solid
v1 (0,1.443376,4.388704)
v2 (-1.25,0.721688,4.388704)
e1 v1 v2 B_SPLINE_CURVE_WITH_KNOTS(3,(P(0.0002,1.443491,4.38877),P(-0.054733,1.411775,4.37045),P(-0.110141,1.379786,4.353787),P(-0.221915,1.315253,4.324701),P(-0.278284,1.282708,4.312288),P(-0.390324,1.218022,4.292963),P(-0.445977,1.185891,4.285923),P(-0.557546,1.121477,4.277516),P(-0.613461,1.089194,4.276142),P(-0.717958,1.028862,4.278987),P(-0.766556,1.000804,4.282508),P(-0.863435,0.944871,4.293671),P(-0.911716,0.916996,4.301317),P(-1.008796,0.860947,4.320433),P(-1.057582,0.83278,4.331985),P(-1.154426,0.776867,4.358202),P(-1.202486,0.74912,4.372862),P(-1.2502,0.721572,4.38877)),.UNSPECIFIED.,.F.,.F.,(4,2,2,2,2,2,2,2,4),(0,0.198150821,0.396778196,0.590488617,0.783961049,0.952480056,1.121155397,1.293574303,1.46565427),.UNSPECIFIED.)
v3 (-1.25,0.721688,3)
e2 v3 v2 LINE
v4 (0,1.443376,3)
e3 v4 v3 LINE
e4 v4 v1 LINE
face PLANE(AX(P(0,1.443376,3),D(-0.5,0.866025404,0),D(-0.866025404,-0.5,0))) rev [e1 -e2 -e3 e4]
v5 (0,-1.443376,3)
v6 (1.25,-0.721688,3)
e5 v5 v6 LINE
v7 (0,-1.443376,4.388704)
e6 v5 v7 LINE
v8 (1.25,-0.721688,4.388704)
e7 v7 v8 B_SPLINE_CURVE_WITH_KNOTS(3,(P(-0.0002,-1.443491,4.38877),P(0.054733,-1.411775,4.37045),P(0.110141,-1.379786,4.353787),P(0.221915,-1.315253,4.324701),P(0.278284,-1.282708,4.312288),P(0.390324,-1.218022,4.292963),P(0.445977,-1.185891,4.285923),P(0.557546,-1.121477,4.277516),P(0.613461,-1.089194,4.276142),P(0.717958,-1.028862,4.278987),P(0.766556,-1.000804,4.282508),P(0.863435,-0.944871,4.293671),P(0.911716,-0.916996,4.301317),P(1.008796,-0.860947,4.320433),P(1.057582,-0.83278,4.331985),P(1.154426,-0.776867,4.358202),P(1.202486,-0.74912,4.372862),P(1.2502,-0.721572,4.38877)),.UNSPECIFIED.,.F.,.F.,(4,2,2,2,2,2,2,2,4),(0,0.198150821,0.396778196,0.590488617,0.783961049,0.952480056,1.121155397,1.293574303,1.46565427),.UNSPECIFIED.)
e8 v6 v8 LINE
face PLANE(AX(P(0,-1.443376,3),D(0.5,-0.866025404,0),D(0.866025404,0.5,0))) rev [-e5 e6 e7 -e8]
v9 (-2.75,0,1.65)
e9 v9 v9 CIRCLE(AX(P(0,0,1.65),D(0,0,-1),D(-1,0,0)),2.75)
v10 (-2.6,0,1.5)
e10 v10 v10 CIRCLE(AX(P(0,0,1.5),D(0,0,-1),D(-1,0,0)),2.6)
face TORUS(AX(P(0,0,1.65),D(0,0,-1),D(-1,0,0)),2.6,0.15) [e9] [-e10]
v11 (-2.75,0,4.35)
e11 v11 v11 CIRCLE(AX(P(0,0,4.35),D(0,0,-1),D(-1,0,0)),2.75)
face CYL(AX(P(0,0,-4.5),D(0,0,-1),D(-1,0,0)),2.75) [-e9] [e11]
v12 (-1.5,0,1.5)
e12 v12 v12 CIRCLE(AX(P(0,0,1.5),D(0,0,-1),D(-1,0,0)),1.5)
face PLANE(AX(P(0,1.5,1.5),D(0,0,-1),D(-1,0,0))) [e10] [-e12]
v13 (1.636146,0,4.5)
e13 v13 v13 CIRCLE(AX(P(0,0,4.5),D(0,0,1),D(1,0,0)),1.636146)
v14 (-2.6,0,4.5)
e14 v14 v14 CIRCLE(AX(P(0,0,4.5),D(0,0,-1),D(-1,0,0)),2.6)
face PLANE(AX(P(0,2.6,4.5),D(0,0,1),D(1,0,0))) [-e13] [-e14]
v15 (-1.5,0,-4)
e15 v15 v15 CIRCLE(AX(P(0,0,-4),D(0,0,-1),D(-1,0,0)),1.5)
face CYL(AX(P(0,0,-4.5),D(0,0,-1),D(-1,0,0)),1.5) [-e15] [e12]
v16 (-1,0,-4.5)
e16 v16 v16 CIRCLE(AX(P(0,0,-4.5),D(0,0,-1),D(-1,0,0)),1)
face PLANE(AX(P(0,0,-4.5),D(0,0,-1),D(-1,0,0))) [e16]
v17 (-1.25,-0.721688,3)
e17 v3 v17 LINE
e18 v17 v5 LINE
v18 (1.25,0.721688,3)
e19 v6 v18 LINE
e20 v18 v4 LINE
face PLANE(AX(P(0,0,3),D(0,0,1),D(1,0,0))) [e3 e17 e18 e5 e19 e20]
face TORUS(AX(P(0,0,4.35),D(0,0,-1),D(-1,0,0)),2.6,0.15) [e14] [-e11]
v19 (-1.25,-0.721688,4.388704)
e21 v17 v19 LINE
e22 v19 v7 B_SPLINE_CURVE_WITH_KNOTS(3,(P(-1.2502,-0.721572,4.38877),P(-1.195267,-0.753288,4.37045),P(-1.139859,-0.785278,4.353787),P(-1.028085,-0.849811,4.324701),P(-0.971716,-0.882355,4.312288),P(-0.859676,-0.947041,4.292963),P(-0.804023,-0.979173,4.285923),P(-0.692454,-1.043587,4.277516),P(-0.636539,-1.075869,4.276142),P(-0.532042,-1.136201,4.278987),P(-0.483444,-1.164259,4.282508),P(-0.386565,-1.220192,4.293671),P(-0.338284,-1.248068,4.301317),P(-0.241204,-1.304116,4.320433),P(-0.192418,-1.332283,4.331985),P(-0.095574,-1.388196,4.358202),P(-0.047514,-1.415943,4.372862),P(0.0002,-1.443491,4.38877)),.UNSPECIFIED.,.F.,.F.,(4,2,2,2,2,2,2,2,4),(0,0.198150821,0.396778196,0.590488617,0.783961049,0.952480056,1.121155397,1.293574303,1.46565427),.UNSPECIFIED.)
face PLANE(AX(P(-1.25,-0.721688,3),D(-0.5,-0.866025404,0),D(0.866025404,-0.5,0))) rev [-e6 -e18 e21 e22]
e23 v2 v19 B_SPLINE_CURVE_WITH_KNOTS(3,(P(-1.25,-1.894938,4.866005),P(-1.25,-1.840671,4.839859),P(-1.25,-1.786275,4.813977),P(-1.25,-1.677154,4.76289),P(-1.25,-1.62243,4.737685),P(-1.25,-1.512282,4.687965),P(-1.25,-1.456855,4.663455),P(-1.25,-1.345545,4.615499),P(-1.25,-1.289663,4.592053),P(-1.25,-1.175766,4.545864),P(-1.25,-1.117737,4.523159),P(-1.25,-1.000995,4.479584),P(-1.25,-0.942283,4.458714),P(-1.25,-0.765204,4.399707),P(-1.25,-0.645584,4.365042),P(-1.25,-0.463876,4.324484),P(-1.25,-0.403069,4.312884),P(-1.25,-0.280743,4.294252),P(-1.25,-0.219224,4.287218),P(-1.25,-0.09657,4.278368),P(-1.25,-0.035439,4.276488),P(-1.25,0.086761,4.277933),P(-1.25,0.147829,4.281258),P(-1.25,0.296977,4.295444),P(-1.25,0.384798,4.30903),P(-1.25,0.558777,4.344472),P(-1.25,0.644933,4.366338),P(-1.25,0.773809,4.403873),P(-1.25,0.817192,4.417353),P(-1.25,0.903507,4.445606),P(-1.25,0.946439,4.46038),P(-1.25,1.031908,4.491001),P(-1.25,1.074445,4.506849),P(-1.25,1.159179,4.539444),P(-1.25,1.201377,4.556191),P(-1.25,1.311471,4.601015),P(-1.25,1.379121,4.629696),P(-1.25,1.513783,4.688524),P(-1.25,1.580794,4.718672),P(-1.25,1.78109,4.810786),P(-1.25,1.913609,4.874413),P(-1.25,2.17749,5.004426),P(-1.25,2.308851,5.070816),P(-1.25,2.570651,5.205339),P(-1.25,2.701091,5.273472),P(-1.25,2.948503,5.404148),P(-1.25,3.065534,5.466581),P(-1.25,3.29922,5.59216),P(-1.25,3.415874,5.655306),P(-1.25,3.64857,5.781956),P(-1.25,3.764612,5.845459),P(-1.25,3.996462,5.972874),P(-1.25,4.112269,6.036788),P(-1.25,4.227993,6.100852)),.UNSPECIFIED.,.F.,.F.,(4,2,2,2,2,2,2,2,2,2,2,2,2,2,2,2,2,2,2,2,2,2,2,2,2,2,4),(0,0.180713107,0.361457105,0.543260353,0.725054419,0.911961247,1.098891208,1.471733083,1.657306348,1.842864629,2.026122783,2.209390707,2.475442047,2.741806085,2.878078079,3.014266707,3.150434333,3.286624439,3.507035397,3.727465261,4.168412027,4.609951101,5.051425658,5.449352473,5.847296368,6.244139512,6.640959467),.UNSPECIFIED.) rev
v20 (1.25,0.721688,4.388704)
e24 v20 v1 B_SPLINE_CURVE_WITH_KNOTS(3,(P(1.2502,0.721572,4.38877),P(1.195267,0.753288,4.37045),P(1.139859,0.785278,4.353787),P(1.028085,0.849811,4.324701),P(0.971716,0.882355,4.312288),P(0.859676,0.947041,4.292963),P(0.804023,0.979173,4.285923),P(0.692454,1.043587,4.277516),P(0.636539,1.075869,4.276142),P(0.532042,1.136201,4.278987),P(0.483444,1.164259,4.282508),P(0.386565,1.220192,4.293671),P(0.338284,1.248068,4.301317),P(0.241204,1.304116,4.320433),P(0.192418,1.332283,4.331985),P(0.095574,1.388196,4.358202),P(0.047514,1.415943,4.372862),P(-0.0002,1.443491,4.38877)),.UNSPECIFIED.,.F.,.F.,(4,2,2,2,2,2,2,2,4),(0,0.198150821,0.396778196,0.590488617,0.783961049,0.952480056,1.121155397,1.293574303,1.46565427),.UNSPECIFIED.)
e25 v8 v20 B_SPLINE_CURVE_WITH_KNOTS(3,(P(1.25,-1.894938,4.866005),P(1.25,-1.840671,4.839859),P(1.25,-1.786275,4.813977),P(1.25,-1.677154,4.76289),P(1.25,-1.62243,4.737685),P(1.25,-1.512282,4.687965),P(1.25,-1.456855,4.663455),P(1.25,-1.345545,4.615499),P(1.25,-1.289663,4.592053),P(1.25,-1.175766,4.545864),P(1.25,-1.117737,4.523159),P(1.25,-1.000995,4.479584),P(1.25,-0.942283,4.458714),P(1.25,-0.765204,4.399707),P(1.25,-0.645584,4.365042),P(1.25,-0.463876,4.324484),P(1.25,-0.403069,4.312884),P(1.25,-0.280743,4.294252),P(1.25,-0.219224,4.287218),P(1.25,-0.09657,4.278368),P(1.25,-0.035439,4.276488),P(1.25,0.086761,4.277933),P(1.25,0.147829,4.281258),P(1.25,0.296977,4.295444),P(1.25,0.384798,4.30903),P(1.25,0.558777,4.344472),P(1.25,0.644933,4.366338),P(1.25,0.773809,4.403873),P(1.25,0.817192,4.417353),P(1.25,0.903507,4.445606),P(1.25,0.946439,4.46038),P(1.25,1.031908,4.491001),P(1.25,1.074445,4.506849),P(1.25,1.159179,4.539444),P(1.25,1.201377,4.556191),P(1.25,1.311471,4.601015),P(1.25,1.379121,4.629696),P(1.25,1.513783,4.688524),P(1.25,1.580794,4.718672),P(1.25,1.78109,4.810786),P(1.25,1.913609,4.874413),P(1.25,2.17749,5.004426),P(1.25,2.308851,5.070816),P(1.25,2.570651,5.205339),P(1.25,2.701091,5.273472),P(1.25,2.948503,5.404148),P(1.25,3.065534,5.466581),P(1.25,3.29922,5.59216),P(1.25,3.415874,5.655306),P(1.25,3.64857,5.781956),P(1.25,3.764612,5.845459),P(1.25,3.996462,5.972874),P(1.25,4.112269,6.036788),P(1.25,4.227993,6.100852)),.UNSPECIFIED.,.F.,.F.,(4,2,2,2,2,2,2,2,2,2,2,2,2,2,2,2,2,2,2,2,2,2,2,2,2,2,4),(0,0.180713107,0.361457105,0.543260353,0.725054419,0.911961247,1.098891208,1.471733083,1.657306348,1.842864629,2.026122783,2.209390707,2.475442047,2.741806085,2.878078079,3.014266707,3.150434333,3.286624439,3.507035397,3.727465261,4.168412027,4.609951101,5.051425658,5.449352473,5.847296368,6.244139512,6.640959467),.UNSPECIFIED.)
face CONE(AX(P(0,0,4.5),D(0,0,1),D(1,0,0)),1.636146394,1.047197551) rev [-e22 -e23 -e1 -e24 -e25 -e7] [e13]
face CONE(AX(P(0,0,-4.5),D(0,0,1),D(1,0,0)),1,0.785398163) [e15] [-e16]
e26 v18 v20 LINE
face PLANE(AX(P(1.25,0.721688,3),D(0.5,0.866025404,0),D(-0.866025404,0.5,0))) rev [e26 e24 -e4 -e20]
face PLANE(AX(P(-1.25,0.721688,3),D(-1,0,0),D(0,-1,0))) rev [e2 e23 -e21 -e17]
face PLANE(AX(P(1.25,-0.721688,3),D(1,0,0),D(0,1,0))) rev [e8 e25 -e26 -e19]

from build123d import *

# Parameters (mm, degrees)
CUT_EXTRUDE1_START = 4.5
CUT_EXTRUDE1_DEPTH = 1.5


with BuildPart() as part:
    # Sketch2 → Revolve1 (revolve)
    with BuildSketch(Plane(origin=(0, 0, 0), x_dir=(0, 0, -1), z_dir=(1, 0, 0)), mode=Mode.PRIVATE) as revolve1_sk:
        with BuildLine():
            Line((4.5, 0), (4.5, 1))
            Line((4.5, 1), (4, 1.5))
            Line((4, 1.5), (-1.5, 1.5))
            Line((-1.5, 1.5), (-1.5, 2.6))
            ThreePointArc((-1.5, 2.6), (-1.543933983, 2.706066017), (-1.65, 2.75))
            Line((-1.65, 2.75), (-4.35, 2.75))
            ThreePointArc((-4.35, 2.75), (-4.456066017, 2.706066017), (-4.5, 2.6))
            Line((-4.5, 2.6), (-4.5, 0))
            Line((-4.5, 0), (4.5, 0))
        make_face()
    revolve(revolve1_sk.sketch.rotate(Axis((0, 0, -4.5), (0, 0, 1)), 90), axis=Axis((0, 0, -4.5), (0, 0, 1)))

    # Sketch3 → Cut-Extrude1 (cut)
    with BuildSketch(Plane.XY.offset(CUT_EXTRUDE1_START)):
        Polygon((-1.25, 0.721687836), (-1.25, -0.721687836), (0, -1.443375673), (1.25, -0.721687836), (1.25, 0.721687836), (0, 1.443375673), align=None)
    extrude(amount=-CUT_EXTRUDE1_DEPTH, mode=Mode.SUBTRACT)

    # Cut-Extrude2 cone 1 section (through the dimple's axis) → Cut-Extrude2 (revolve, cut)
    with BuildSketch(Plane(origin=(0, 0, 4.5), x_dir=(0, -1, 0), z_dir=(1, 0, 0))):
        Polygon((0, 0), (1.636146394, 0), (0, 0.944629561), align=None)
    revolve(axis=Axis((0, 0, 4.5), (0, 0, -1)), mode=Mode.SUBTRACT)


solid = part.part
